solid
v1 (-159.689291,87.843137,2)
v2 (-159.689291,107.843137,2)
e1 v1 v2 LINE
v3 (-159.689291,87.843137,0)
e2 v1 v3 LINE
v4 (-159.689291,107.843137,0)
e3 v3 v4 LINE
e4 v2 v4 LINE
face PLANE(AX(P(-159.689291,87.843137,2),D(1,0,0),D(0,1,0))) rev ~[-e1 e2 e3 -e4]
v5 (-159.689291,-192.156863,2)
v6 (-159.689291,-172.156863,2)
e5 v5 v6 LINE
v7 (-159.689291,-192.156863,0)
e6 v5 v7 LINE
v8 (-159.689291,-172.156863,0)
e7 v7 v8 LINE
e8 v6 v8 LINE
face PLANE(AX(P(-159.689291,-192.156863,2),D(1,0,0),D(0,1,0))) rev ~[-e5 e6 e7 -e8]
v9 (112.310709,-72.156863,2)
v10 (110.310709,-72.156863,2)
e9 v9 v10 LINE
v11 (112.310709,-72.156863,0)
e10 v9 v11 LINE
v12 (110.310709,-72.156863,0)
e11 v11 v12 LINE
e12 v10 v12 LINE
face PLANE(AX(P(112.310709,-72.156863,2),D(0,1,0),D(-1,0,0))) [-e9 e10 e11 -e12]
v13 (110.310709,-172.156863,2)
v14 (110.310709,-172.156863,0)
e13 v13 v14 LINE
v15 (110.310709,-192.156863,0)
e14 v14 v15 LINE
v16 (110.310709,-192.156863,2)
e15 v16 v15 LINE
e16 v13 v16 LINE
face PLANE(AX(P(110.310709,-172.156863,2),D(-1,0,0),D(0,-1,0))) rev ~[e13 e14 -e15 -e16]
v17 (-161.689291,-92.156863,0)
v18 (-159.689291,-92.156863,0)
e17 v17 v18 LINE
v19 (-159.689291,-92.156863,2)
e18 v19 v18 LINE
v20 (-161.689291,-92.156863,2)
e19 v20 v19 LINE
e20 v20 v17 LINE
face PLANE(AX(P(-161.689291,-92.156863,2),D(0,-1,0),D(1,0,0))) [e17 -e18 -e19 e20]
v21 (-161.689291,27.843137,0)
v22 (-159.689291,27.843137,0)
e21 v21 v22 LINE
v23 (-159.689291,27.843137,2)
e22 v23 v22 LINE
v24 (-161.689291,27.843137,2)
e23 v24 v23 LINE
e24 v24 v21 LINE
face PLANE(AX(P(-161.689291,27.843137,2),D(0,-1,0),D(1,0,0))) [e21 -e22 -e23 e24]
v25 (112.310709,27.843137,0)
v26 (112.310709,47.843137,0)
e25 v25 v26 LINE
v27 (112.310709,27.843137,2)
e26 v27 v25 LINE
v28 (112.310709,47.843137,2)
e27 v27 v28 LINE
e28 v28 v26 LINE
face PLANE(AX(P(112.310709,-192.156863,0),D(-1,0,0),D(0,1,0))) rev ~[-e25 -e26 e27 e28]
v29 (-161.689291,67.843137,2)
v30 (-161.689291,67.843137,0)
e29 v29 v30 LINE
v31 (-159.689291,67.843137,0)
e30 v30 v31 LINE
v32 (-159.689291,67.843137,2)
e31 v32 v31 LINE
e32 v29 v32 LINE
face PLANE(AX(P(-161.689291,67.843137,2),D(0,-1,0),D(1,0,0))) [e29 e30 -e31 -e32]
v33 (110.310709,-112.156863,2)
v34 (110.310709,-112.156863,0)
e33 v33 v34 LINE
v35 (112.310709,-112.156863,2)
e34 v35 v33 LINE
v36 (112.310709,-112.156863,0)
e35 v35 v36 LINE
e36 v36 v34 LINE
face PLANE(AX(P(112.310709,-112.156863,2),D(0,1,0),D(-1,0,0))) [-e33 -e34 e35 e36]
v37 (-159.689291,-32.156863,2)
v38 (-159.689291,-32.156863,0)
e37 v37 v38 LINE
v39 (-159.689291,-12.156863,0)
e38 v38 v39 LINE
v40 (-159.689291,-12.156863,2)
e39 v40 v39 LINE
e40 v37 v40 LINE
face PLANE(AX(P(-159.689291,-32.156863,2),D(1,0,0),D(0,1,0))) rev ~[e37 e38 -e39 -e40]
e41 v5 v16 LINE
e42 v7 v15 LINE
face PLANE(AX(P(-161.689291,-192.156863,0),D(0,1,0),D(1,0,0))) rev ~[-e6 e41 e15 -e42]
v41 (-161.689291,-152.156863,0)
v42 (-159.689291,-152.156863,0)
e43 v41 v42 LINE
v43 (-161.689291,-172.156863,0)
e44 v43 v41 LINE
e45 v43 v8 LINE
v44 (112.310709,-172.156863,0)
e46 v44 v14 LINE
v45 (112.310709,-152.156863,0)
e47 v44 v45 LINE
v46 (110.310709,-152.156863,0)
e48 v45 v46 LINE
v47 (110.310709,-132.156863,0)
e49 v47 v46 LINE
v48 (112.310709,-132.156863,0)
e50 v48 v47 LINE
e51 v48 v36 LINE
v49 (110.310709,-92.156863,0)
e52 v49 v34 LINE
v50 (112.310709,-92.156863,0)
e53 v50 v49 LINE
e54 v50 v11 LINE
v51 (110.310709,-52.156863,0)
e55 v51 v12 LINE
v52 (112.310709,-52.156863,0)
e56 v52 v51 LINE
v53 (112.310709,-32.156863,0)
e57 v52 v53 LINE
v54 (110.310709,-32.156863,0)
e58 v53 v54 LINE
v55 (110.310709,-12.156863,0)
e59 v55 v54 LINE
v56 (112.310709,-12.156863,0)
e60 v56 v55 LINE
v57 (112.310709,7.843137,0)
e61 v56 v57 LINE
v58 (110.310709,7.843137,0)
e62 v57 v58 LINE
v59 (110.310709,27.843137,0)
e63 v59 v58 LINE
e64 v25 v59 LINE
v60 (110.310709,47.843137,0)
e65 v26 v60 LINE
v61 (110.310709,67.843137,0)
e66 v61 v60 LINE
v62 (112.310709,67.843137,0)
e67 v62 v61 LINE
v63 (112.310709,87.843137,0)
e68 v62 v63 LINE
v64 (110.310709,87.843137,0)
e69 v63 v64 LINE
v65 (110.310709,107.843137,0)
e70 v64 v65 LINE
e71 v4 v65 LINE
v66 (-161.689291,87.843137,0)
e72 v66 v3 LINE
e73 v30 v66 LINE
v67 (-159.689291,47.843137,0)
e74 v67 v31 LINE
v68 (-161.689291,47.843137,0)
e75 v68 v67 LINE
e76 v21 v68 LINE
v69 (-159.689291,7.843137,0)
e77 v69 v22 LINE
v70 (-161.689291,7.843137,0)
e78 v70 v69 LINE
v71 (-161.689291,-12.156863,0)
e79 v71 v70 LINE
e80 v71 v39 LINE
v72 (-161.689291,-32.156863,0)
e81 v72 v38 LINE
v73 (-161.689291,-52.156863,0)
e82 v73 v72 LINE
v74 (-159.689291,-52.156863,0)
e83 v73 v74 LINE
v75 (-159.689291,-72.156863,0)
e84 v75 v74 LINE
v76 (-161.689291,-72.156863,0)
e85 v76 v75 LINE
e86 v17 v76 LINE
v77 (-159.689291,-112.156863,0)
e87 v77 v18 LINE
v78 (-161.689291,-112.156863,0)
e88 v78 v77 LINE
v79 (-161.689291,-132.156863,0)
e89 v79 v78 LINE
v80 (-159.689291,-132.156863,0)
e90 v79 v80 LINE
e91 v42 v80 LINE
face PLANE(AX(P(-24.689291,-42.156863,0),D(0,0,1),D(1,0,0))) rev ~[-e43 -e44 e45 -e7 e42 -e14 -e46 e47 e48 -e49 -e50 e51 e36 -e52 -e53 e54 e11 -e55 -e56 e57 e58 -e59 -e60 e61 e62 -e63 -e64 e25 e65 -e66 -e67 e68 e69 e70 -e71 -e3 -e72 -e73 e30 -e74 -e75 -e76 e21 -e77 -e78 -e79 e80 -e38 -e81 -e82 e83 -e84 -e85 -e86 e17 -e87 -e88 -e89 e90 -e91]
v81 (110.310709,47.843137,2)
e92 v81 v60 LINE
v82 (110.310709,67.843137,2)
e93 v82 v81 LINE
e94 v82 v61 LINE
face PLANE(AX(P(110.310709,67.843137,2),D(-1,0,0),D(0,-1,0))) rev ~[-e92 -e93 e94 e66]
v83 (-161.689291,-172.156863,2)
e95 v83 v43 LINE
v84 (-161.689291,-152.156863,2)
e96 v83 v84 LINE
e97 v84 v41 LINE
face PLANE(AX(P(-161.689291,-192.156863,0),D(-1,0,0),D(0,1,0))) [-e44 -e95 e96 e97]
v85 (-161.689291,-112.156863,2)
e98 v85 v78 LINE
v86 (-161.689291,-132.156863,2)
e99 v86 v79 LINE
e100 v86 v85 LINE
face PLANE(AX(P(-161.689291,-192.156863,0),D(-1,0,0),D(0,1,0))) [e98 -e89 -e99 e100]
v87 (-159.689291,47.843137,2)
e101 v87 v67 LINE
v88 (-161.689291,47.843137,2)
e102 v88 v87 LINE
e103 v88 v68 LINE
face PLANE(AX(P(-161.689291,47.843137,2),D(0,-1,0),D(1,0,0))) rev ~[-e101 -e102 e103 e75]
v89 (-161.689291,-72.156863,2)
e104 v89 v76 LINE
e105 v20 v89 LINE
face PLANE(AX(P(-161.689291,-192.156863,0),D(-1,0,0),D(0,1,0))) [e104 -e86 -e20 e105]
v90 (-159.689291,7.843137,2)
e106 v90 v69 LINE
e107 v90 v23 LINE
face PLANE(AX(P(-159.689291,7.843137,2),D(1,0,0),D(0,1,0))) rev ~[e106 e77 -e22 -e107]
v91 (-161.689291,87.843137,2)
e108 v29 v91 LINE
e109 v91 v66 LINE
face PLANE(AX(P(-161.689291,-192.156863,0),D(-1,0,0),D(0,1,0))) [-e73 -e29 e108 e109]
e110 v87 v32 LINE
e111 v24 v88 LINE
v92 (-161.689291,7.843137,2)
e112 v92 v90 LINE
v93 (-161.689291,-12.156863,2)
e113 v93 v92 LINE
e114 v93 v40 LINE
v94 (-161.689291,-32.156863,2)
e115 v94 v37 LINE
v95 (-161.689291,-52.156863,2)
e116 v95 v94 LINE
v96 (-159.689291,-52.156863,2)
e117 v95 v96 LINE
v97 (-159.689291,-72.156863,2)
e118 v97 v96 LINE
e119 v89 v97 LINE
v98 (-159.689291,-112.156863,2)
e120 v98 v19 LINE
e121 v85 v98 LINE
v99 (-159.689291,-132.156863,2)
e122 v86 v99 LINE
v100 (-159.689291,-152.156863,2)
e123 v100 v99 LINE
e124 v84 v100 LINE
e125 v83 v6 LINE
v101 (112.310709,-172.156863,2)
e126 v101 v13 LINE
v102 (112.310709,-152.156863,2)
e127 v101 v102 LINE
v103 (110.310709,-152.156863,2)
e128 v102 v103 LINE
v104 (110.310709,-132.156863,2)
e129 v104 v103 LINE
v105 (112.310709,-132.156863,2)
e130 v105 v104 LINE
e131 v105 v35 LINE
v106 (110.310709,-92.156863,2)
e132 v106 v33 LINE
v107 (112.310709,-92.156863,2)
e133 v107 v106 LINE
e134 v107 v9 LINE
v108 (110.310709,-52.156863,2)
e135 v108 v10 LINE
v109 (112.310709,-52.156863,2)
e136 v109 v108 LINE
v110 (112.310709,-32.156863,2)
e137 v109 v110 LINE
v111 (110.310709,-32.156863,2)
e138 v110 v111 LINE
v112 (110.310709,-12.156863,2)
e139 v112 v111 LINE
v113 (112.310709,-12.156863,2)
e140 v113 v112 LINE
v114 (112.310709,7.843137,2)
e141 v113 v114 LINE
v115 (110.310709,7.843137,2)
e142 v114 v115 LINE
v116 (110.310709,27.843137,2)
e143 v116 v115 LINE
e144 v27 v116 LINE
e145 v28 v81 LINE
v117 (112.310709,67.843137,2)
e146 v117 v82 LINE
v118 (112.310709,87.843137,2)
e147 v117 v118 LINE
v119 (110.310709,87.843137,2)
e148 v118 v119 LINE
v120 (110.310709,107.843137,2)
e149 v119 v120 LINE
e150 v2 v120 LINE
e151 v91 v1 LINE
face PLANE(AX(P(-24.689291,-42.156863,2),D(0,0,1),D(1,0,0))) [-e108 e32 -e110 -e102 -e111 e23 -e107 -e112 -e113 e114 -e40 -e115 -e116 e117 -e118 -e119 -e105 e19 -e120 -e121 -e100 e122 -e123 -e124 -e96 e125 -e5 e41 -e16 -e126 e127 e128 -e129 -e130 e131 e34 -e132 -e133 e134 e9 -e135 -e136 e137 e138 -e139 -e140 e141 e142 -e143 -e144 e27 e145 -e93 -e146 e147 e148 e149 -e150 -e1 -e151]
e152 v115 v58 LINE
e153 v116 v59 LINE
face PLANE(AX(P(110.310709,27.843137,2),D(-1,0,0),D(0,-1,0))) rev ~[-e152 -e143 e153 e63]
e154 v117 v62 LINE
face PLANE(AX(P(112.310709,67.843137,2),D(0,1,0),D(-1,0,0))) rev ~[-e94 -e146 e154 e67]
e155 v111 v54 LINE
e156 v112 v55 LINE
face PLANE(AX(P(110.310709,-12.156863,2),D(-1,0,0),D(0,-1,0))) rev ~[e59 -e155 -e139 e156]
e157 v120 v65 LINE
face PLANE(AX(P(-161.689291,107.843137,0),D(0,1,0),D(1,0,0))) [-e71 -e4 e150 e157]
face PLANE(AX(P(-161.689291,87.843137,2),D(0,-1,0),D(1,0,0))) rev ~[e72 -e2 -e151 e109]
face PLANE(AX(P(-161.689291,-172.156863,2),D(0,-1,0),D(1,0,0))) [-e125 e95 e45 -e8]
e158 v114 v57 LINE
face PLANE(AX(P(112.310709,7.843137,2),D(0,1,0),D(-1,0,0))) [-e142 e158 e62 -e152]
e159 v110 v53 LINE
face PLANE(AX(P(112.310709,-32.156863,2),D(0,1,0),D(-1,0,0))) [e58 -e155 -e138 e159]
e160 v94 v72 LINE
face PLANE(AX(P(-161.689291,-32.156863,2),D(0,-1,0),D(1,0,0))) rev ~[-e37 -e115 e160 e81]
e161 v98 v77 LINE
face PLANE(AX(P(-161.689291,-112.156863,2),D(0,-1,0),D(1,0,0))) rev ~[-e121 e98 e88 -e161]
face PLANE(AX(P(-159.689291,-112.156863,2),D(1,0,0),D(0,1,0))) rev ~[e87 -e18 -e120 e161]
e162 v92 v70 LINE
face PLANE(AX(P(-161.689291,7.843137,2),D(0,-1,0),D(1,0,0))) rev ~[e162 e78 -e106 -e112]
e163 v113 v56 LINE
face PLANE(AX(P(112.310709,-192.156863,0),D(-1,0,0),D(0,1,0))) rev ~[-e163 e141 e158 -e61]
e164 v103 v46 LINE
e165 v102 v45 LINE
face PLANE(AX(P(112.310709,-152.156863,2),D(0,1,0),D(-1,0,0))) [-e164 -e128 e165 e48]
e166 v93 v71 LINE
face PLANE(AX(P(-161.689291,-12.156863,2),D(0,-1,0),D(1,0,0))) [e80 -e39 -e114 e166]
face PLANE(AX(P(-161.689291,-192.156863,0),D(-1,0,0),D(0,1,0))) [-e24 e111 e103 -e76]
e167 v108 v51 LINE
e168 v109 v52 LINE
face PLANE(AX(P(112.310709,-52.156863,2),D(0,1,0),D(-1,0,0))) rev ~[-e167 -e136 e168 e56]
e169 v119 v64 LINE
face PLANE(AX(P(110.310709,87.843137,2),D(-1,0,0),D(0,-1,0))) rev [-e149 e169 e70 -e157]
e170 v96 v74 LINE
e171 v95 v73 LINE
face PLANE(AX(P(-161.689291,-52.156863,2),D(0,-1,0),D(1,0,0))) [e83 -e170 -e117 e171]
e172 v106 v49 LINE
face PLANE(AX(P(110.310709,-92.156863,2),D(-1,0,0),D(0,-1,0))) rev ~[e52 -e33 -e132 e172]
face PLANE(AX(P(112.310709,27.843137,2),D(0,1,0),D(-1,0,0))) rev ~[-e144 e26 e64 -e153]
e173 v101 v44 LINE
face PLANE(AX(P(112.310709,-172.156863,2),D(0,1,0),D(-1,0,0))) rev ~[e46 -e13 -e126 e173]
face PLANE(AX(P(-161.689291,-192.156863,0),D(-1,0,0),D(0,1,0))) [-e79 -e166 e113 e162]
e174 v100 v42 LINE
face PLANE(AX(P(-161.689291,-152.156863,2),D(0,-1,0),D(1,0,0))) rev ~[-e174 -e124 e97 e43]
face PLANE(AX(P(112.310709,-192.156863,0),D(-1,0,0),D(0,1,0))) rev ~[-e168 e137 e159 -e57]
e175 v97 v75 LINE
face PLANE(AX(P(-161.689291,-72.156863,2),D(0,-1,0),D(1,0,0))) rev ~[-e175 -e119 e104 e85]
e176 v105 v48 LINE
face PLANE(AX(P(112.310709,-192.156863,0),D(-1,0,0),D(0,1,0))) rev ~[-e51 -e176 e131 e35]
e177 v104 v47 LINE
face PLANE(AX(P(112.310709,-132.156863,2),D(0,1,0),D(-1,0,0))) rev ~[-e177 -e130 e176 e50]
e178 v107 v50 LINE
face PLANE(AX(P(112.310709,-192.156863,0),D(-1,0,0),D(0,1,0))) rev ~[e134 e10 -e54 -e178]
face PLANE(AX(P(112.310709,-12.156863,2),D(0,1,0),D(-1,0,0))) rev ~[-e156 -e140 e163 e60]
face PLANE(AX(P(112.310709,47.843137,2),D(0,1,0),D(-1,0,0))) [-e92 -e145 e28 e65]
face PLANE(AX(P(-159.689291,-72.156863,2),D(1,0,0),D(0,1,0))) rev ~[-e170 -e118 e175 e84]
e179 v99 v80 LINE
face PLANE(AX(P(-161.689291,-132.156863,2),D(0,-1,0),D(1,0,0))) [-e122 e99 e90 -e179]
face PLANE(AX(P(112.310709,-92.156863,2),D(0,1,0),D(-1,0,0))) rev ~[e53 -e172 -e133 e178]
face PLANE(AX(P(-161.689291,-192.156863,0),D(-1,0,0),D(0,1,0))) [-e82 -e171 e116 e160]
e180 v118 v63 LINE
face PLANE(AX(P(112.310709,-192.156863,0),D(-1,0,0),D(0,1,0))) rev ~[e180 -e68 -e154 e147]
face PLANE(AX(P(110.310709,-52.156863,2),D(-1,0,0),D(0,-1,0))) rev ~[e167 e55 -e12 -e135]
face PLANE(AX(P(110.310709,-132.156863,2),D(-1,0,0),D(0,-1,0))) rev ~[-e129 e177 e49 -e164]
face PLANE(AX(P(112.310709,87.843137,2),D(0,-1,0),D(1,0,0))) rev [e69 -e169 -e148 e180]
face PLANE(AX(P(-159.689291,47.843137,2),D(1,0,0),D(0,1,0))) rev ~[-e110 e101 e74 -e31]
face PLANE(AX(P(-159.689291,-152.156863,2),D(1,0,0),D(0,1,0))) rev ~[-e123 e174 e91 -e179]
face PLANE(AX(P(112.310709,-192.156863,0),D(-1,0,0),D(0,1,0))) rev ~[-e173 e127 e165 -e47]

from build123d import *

# Parameters (mm, degrees)
SKETCH1_W               = 274
SKETCH1_H               = 300
BOSS_EXTRUDE1_DEPTH     = 2
SKETCH2_W               = 2
SKETCH2_H               = 20
CUT_EXTRUDE1_DEPTH      = 4
LPATTERN1_COUNT         = 8
LPATTERN1_PITCH         = 40
MIRROR1_COPY_1_SKETCH_W = 2
MIRROR1_COPY_1_SKETCH_H = 20
MIRROR1_COPY_1_DEPTH    = 4
MIRROR1_COPY_2_SKETCH_W = 2
MIRROR1_COPY_2_SKETCH_H = 20
MIRROR1_COPY_2_DEPTH    = 4
MIRROR1_COPY_3_SKETCH_W = 2
MIRROR1_COPY_3_SKETCH_H = 20
MIRROR1_COPY_3_DEPTH    = 4
MIRROR1_COPY_4_SKETCH_W = 2
MIRROR1_COPY_4_SKETCH_H = 20
MIRROR1_COPY_4_DEPTH    = 4
MIRROR1_COPY_5_SKETCH_W = 2
MIRROR1_COPY_5_SKETCH_H = 20
MIRROR1_COPY_5_DEPTH    = 4
MIRROR1_COPY_6_SKETCH_W = 2
MIRROR1_COPY_6_SKETCH_H = 20
MIRROR1_COPY_6_DEPTH    = 4
MIRROR1_COPY_7_SKETCH_W = 2
MIRROR1_COPY_7_SKETCH_H = 20
MIRROR1_COPY_7_DEPTH    = 4


with BuildPart() as part:
    # Sketch1 → Boss-Extrude1 (new body)
    with BuildSketch(Plane.XY):
        with Locations((-24.689291101, -42.156862745)):
            Rectangle(SKETCH1_W, SKETCH1_H)
    extrude(amount=BOSS_EXTRUDE1_DEPTH)

    # Sketch2 → Cut-Extrude1 (cut)
    with BuildSketch(Plane.XY.offset(2)):
        with Locations((-160.689291101, 97.843137255)):
            Rectangle(SKETCH2_W, SKETCH2_H)
    cut_extrude1 = extrude(amount=-CUT_EXTRUDE1_DEPTH, mode=Mode.SUBTRACT)

    # LPattern1: Cut-Extrude1 ×8
    with Locations(*[(0, -i * LPATTERN1_PITCH, 0) for i in range(1, LPATTERN1_COUNT)]):
        add(cut_extrude1, mode=Mode.SUBTRACT)

    # Mirror1: Cut-Extrude1 across plane
    add(cut_extrude1.mirror(Plane.ZY.offset(24.689291101)), mode=Mode.SUBTRACT)

    # Mirror1 copy 1 sketch → Mirror1 copy 1 (cut)
    with BuildSketch(Plane(origin=(-49.378582202, -40, 2), x_dir=(-1, 0, 0), z_dir=(0, 0, 1))):
        with Locations((-160.689291101, -97.843137255)):
            Rectangle(MIRROR1_COPY_1_SKETCH_W, MIRROR1_COPY_1_SKETCH_H)
    extrude(amount=-MIRROR1_COPY_1_DEPTH, mode=Mode.SUBTRACT)

    # Mirror1 copy 2 sketch → Mirror1 copy 2 (cut)
    with BuildSketch(Plane(origin=(-49.378582202, -80, 2), x_dir=(-1, 0, 0), z_dir=(0, 0, 1))):
        with Locations((-160.689291101, -97.843137255)):
            Rectangle(MIRROR1_COPY_2_SKETCH_W, MIRROR1_COPY_2_SKETCH_H)
    extrude(amount=-MIRROR1_COPY_2_DEPTH, mode=Mode.SUBTRACT)

    # Mirror1 copy 3 sketch → Mirror1 copy 3 (cut)
    with BuildSketch(Plane(origin=(-49.378582202, -120, 2), x_dir=(-1, 0, 0), z_dir=(0, 0, 1))):
        with Locations((-160.689291101, -97.843137255)):
            Rectangle(MIRROR1_COPY_3_SKETCH_W, MIRROR1_COPY_3_SKETCH_H)
    extrude(amount=-MIRROR1_COPY_3_DEPTH, mode=Mode.SUBTRACT)

    # Mirror1 copy 4 sketch → Mirror1 copy 4 (cut)
    with BuildSketch(Plane(origin=(-49.378582202, -160, 2), x_dir=(-1, 0, 0), z_dir=(0, 0, 1))):
        with Locations((-160.689291101, -97.843137255)):
            Rectangle(MIRROR1_COPY_4_SKETCH_W, MIRROR1_COPY_4_SKETCH_H)
    extrude(amount=-MIRROR1_COPY_4_DEPTH, mode=Mode.SUBTRACT)

    # Mirror1 copy 5 sketch → Mirror1 copy 5 (cut)
    with BuildSketch(Plane(origin=(-49.378582202, -200, 2), x_dir=(-1, 0, 0), z_dir=(0, 0, 1))):
        with Locations((-160.689291101, -97.843137255)):
            Rectangle(MIRROR1_COPY_5_SKETCH_W, MIRROR1_COPY_5_SKETCH_H)
    extrude(amount=-MIRROR1_COPY_5_DEPTH, mode=Mode.SUBTRACT)

    # Mirror1 copy 6 sketch → Mirror1 copy 6 (cut)
    with BuildSketch(Plane(origin=(-49.378582202, -240, 2), x_dir=(-1, 0, 0), z_dir=(0, 0, 1))):
        with Locations((-160.689291101, -97.843137255)):
            Rectangle(MIRROR1_COPY_6_SKETCH_W, MIRROR1_COPY_6_SKETCH_H)
    extrude(amount=-MIRROR1_COPY_6_DEPTH, mode=Mode.SUBTRACT)

    # Mirror1 copy 7 sketch → Mirror1 copy 7 (cut)
    with BuildSketch(Plane(origin=(-49.378582202, -280, 2), x_dir=(-1, 0, 0), z_dir=(0, 0, 1))):
        with Locations((-160.689291101, -97.843137255)):
            Rectangle(MIRROR1_COPY_7_SKETCH_W, MIRROR1_COPY_7_SKETCH_H)
    extrude(amount=-MIRROR1_COPY_7_DEPTH, mode=Mode.SUBTRACT)


solid = part.part
